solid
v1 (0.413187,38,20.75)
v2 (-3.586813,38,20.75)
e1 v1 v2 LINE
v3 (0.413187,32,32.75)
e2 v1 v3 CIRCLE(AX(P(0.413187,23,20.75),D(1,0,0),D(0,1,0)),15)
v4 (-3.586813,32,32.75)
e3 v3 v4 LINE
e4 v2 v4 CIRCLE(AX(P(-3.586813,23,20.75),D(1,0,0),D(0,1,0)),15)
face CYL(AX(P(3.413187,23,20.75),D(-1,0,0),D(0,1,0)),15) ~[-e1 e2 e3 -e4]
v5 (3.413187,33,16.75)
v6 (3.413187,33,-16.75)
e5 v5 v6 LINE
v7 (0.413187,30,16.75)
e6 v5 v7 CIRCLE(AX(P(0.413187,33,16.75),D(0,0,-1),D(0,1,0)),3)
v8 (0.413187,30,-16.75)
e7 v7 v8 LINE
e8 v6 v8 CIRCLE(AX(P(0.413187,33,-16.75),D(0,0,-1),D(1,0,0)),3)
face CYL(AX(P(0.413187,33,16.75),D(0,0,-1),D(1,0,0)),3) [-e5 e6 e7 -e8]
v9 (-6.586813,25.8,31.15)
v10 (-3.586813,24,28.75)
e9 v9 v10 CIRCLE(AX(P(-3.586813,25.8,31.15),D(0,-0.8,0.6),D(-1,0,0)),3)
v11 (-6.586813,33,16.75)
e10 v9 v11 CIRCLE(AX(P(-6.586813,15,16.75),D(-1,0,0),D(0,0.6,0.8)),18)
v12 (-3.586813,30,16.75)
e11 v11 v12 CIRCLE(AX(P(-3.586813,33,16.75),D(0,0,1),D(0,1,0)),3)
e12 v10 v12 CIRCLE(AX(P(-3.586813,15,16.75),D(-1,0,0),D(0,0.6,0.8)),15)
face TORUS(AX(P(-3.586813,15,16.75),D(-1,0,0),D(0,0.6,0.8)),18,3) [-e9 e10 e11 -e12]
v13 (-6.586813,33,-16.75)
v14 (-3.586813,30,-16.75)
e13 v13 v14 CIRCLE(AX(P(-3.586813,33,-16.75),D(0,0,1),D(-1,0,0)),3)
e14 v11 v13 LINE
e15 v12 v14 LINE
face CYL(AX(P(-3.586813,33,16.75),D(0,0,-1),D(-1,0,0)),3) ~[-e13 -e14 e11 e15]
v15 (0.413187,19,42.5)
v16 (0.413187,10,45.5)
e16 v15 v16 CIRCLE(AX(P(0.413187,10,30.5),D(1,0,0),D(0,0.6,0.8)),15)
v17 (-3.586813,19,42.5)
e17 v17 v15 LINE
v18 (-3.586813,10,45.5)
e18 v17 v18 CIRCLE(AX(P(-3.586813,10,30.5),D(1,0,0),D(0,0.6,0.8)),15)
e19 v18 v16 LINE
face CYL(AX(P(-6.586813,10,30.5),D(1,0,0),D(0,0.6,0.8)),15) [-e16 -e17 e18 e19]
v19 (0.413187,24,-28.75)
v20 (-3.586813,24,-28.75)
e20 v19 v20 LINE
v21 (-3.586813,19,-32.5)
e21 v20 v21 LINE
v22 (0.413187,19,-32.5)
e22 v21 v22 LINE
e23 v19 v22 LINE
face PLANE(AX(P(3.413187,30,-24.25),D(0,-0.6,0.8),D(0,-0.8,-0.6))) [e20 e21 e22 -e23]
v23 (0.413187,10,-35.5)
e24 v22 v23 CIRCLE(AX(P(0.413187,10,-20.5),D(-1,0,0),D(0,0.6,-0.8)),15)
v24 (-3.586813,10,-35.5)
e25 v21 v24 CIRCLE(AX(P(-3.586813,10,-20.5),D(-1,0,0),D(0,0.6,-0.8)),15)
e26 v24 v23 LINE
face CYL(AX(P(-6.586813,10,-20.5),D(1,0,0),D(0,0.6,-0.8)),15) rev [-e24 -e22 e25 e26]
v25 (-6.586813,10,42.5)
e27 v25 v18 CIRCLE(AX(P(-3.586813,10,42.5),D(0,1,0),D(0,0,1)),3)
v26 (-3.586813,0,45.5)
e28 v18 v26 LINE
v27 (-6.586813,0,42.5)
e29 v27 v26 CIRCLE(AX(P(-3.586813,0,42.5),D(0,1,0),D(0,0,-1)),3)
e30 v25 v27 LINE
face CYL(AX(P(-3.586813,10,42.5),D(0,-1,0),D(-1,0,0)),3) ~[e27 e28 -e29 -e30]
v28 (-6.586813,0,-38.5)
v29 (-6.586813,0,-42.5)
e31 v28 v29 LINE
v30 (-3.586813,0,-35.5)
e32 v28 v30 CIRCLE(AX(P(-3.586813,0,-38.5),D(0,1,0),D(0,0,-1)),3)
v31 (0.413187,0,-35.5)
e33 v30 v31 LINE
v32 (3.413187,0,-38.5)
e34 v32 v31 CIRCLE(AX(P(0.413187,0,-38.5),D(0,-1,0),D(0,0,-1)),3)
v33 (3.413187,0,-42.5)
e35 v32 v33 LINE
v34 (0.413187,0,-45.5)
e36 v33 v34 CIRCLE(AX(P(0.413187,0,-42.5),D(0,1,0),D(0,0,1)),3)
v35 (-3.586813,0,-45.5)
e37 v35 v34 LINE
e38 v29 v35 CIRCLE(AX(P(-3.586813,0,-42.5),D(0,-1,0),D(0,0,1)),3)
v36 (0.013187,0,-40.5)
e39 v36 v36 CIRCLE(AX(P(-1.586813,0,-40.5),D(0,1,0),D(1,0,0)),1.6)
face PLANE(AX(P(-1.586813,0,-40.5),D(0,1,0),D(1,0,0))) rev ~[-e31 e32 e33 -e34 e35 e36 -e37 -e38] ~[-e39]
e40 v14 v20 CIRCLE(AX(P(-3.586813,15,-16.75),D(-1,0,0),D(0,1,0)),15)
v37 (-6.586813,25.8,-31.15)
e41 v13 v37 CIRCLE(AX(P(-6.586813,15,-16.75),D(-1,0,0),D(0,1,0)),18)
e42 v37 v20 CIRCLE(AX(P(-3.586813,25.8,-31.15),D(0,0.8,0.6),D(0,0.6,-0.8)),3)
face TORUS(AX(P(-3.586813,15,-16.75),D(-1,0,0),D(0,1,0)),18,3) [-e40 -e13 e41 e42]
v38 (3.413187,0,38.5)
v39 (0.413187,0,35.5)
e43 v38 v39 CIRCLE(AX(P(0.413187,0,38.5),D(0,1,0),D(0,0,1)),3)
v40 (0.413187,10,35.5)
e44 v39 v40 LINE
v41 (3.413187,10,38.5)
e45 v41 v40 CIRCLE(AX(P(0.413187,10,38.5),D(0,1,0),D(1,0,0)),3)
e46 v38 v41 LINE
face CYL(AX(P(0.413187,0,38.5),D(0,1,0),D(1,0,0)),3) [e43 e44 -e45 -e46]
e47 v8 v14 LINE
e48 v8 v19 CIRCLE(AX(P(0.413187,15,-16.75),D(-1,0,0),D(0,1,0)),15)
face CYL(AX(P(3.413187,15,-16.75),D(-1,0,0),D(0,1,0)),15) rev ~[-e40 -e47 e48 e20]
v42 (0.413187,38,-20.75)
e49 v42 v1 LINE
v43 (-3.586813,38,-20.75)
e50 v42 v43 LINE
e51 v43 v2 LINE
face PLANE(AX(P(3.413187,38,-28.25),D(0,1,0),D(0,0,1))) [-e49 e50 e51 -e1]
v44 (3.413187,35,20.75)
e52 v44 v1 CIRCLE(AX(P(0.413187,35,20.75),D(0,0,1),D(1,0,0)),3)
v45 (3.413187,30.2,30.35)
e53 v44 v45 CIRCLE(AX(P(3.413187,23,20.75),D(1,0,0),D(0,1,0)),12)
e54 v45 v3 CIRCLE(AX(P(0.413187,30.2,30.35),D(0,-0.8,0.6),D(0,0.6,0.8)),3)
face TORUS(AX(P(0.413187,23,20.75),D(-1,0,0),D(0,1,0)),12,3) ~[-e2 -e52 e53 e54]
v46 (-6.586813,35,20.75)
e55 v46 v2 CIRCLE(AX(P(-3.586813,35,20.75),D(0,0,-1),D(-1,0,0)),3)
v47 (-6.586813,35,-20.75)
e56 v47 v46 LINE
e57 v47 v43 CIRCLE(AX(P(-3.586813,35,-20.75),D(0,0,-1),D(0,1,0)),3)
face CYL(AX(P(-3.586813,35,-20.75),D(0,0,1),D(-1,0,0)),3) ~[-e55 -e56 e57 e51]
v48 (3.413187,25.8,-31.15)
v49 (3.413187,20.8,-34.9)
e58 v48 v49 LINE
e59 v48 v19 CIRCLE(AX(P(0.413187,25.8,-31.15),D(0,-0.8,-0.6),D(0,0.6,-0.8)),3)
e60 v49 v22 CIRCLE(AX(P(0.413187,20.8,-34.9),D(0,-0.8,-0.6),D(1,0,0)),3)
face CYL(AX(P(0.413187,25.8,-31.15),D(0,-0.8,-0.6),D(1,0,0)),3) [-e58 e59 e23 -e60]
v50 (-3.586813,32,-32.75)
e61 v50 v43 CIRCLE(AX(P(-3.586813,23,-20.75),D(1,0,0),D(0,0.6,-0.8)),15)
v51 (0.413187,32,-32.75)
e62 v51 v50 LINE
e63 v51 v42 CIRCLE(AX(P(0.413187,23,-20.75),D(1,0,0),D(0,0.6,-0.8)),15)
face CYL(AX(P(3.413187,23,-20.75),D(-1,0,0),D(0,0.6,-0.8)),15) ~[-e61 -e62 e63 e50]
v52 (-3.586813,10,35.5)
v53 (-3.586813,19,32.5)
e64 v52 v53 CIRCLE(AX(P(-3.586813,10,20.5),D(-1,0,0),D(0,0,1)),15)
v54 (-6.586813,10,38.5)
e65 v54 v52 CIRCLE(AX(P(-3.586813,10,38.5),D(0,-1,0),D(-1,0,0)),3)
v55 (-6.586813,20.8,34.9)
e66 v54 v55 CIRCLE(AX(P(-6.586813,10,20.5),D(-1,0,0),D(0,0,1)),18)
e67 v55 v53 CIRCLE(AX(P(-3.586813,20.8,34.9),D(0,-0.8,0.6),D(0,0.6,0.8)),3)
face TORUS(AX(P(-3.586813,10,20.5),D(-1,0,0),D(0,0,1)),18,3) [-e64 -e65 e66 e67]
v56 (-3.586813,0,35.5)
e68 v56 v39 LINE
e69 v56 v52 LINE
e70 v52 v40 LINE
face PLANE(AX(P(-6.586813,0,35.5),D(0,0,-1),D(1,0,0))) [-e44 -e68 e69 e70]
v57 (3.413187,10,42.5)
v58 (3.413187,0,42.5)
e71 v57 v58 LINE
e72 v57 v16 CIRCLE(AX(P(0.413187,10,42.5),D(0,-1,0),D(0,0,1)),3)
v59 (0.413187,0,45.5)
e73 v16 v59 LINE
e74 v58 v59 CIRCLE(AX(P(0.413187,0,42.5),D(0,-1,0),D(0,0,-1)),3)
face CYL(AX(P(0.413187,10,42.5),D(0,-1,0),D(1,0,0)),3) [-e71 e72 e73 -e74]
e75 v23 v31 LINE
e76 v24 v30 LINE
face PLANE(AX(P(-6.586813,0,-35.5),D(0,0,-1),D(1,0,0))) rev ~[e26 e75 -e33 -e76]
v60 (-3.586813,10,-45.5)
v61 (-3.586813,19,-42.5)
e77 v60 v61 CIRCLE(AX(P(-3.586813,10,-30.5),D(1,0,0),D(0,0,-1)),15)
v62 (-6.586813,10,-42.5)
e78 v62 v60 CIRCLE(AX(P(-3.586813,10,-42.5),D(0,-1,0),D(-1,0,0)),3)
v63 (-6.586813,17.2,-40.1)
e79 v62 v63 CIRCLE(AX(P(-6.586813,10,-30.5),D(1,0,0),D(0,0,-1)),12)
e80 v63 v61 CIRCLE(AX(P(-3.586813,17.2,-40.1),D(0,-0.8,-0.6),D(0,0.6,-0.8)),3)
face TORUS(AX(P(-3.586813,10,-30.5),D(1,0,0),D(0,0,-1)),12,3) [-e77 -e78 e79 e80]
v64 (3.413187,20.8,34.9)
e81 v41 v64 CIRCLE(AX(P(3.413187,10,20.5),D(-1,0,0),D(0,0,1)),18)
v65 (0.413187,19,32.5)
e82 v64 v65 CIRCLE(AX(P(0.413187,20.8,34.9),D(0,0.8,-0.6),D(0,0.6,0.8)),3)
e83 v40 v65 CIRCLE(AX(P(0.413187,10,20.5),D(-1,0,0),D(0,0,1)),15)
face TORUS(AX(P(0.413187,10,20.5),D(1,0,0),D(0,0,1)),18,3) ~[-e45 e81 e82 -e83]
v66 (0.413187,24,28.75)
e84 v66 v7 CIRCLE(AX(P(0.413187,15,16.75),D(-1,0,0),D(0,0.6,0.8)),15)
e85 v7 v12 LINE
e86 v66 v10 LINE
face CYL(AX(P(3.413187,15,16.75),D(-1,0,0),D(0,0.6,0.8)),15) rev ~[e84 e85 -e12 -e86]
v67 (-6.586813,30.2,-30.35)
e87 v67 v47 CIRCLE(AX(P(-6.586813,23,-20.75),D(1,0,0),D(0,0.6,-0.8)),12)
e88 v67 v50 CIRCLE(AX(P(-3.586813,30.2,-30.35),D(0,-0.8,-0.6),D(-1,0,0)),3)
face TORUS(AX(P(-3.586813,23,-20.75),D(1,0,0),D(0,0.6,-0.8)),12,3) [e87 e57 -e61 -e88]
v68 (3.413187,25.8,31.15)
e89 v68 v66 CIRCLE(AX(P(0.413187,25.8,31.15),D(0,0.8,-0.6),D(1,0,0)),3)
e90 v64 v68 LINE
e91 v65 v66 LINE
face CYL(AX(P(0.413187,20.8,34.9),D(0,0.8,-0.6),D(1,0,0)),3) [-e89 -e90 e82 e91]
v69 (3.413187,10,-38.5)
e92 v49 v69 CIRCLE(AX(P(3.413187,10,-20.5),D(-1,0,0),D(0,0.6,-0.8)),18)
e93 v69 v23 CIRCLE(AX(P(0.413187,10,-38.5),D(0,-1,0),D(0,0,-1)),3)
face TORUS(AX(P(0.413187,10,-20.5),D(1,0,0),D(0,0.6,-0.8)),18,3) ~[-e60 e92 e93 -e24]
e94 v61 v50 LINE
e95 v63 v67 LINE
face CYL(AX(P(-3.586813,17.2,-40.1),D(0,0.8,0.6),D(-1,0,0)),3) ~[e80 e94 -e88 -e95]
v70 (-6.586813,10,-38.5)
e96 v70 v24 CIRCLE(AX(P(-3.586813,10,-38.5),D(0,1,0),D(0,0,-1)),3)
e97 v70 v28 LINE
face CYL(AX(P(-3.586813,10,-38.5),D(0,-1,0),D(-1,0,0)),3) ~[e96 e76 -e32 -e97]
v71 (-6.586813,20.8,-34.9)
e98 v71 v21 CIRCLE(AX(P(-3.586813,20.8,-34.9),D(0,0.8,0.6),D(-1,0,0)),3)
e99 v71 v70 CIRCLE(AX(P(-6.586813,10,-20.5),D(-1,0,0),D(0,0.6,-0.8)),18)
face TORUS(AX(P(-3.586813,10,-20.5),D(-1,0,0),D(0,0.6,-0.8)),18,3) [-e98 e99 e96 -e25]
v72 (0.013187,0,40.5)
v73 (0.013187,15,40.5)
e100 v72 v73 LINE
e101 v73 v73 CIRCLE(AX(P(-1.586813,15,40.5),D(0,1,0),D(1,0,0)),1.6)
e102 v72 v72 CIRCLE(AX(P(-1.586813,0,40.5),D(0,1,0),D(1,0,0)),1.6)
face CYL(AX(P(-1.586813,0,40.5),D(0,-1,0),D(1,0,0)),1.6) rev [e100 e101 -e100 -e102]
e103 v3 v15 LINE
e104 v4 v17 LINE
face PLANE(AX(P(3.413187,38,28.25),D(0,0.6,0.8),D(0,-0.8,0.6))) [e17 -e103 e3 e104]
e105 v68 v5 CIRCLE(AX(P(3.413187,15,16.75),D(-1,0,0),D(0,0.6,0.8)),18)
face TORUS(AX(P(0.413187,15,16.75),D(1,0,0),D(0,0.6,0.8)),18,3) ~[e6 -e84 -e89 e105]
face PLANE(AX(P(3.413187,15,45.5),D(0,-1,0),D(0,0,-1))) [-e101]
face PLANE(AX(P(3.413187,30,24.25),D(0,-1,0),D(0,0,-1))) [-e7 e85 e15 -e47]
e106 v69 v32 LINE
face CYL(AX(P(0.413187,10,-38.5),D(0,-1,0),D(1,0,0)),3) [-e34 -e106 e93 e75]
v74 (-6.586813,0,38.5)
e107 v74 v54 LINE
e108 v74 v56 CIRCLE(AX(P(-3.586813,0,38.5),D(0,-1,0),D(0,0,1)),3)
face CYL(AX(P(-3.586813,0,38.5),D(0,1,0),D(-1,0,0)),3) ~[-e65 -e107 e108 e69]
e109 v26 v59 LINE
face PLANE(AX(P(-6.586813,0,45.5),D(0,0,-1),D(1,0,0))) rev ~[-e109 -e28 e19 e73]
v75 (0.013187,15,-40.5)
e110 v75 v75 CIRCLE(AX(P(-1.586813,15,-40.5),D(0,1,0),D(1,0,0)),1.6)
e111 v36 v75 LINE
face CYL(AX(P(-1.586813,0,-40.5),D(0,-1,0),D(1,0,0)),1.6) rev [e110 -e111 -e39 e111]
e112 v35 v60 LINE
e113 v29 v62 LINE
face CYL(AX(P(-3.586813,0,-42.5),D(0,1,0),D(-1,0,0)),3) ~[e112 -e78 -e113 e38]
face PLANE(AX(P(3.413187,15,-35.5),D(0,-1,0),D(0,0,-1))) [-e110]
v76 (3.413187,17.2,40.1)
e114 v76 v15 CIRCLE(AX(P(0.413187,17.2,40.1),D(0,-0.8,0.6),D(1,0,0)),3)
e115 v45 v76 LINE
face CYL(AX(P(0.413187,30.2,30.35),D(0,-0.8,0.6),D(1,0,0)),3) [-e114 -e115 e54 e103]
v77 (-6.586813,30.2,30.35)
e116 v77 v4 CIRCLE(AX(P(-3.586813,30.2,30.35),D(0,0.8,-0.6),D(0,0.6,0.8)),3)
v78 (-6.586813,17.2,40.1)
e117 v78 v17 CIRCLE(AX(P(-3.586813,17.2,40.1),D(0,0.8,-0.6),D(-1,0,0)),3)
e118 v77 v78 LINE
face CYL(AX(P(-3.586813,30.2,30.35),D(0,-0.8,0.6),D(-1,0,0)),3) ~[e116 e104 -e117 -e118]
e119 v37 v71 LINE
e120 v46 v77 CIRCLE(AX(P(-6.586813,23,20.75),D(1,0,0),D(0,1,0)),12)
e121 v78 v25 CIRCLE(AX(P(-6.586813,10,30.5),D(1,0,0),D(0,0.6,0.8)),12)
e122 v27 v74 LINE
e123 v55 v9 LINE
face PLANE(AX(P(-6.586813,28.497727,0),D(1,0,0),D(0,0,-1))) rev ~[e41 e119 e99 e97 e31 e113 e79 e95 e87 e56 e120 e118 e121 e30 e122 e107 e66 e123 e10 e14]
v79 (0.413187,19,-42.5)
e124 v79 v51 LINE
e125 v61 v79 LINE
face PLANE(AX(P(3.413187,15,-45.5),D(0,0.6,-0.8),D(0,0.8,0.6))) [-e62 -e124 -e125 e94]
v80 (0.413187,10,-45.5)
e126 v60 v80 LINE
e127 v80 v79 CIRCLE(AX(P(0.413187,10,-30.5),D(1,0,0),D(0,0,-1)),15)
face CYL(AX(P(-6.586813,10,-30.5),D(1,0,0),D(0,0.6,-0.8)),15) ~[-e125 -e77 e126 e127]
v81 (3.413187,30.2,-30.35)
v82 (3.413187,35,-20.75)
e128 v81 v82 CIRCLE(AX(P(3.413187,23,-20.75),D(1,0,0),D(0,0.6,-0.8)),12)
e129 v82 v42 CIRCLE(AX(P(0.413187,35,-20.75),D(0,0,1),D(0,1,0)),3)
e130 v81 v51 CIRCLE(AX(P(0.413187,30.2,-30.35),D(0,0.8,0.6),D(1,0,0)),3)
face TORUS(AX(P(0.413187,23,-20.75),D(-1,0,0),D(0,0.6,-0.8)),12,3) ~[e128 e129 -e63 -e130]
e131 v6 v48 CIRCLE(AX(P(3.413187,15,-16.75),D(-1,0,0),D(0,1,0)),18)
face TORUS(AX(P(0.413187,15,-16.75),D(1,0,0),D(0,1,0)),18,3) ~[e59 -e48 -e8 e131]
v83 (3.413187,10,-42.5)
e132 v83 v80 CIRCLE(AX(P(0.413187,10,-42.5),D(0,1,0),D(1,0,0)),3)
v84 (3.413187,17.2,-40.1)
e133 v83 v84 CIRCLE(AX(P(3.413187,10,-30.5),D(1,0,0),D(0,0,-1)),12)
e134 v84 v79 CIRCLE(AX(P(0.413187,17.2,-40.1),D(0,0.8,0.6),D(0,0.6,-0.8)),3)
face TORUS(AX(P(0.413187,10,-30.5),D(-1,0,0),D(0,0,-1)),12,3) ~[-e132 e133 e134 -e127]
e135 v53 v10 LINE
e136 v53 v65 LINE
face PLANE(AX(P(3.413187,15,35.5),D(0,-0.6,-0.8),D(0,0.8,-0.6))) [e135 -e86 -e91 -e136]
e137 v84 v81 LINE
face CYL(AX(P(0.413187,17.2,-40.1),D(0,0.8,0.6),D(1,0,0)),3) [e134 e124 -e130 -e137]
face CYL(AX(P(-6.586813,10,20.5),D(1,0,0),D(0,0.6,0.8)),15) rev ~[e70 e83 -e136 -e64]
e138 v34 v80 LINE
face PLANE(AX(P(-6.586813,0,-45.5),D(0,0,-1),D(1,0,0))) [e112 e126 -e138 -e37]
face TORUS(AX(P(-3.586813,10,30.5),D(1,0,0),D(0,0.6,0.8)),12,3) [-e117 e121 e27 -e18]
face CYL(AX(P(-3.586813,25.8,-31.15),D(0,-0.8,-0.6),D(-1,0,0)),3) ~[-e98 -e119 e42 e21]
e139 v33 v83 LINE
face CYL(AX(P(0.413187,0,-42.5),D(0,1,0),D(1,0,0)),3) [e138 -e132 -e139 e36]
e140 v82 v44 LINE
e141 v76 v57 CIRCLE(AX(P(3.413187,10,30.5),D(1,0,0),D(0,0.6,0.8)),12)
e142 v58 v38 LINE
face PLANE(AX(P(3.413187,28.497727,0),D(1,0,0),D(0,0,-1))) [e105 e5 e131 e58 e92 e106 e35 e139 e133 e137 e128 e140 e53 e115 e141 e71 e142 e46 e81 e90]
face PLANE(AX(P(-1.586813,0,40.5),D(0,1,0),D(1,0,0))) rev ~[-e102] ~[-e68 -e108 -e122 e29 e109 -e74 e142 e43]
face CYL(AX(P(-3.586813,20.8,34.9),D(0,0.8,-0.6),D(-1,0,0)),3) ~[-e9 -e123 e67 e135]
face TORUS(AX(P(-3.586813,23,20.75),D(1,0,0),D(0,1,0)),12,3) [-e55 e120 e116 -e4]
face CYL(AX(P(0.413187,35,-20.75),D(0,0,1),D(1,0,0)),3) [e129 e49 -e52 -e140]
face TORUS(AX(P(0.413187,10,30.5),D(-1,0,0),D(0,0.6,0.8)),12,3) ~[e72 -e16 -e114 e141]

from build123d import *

# Parameters (mm, degrees)
SKETCH1_W             = 10
SKETCH1_H             = 10
SKETCH1_R             = 1.6
BOSS_EXTRUDE1_DEPTH   = 15
BOSS_EXTRUDE1_2_DEPTH = 15
BOSS_EXTRUDE2_DEPTH   = 10
FILLET1_R             = 15
FILLET2_R             = 3


with BuildPart() as part:
    # Sketch1 → Boss-Extrude1 (new body)
    with BuildSketch(Plane(origin=(0, 0, 0), x_dir=(1, 0, 0), z_dir=(0, 1, 0))):
        with Locations((-1.586813187, 40.5)):
            Rectangle(SKETCH1_W, SKETCH1_H)
        with Locations((-1.586813187, 40.5)):
            Circle(SKETCH1_R, mode=Mode.SUBTRACT)
    extrude(amount=BOSS_EXTRUDE1_DEPTH)



with BuildPart() as body_2:
    # Sketch1 → Boss-Extrude1 2 (new body)
    with BuildSketch(Plane(origin=(0, 0, 0), x_dir=(1, 0, 0), z_dir=(0, 1, 0))):
        with Locations((-1.586813187, -40.5)):
            Rectangle(SKETCH1_W, SKETCH1_H)
        with Locations((-1.586813187, -40.5)):
            Circle(SKETCH1_R, mode=Mode.SUBTRACT)
    extrude(amount=BOSS_EXTRUDE1_2_DEPTH)


with BuildPart() as part_1:
    add(part.part)

    add(body_2.part)  # Boss-Extrude2 merges body 2
    # Sketch4 → Boss-Extrude2 (add)
    with BuildSketch(Plane(origin=(3.413186813, 0, 0), x_dir=(0, 0, -1), z_dir=(1, 0, 0))):
        Polygon((-35.5, 15), (-24.25, 30), (24.25, 30), (35.5, 15), (45.5, 15), (28.25, 38), (-28.25, 38), (-45.5, 15), align=None)
    extrude(amount=-BOSS_EXTRUDE2_DEPTH)

    # Fillet1
    fillet1_edges = [part_1.edges().sort_by_distance(p)[0] for p in [
        (-1.586813187, 15, -35.5),
        (-1.586813187, 15, 35.5),
        (-1.586813187, 15, 45.5),
        (-1.586813187, 38, 28.25),
        (-1.586813187, 38, -28.25),
        (-1.586813187, 30, -24.25),
        (-1.586813187, 30, 24.25),
        (-1.586813187, 15, -45.5),
    ]]
    fillet(fillet1_edges, radius=FILLET1_R)

    # Fillet2
    fillet2_edges = [part_1.edges().sort_by_distance(p)[0] for p in [
        (-6.586813187, 5, 35.5),
        (3.413186813, 5, 35.5),
        (3.413186813, 21.5, 30.625),
        (-6.586813187, 21.5, 30.625),
        (3.413186813, 25.5, 37.625),
        (-6.586813187, 25.5, 37.625),
        (3.413186813, 5, -45.5),
        (3.413186813, 25.5, -37.625),
        (3.413186813, 38, 0),
        (3.413186813, 5, 45.5),
        (3.413186813, 30, 0),
        (3.413186813, 21.5, -30.625),
        (3.413186813, 5, -35.5),
        (3.413186813, 36.416407865, -27.458203932),
        (3.413186813, 14.74341649, -44.730249471),
        (3.413186813, 36.416407865, 27.458203932),
        (3.413186813, 14.74341649, 44.730249471),
        (-6.586813187, 5, 45.5),
        (-6.586813187, 5, -35.5),
        (-6.586813187, 21.5, -30.625),
        (-6.586813187, 30, 0),
        (-6.586813187, 38, 0),
        (-6.586813187, 25.5, -37.625),
        (-6.586813187, 5, -45.5),
        (-6.586813187, 36.416407865, -27.458203932),
        (-6.586813187, 14.74341649, -44.730249471),
        (-6.586813187, 36.416407865, 27.458203932),
        (-6.586813187, 14.74341649, 44.730249471),
        (3.413186813, 14.74341649, 34.730249471),
        (-6.586813187, 14.74341649, 34.730249471),
        (3.413186813, 28.416407865, 23.458203932),
        (-6.586813187, 28.416407865, 23.458203932),
        (3.413186813, 28.416407865, -23.458203932),
        (-6.586813187, 28.416407865, -23.458203932),
        (3.413186813, 14.74341649, -34.730249471),
        (-6.586813187, 14.74341649, -34.730249471),
    ]]
    fillet(fillet2_edges, radius=FILLET2_R)


solid = part_1.part
